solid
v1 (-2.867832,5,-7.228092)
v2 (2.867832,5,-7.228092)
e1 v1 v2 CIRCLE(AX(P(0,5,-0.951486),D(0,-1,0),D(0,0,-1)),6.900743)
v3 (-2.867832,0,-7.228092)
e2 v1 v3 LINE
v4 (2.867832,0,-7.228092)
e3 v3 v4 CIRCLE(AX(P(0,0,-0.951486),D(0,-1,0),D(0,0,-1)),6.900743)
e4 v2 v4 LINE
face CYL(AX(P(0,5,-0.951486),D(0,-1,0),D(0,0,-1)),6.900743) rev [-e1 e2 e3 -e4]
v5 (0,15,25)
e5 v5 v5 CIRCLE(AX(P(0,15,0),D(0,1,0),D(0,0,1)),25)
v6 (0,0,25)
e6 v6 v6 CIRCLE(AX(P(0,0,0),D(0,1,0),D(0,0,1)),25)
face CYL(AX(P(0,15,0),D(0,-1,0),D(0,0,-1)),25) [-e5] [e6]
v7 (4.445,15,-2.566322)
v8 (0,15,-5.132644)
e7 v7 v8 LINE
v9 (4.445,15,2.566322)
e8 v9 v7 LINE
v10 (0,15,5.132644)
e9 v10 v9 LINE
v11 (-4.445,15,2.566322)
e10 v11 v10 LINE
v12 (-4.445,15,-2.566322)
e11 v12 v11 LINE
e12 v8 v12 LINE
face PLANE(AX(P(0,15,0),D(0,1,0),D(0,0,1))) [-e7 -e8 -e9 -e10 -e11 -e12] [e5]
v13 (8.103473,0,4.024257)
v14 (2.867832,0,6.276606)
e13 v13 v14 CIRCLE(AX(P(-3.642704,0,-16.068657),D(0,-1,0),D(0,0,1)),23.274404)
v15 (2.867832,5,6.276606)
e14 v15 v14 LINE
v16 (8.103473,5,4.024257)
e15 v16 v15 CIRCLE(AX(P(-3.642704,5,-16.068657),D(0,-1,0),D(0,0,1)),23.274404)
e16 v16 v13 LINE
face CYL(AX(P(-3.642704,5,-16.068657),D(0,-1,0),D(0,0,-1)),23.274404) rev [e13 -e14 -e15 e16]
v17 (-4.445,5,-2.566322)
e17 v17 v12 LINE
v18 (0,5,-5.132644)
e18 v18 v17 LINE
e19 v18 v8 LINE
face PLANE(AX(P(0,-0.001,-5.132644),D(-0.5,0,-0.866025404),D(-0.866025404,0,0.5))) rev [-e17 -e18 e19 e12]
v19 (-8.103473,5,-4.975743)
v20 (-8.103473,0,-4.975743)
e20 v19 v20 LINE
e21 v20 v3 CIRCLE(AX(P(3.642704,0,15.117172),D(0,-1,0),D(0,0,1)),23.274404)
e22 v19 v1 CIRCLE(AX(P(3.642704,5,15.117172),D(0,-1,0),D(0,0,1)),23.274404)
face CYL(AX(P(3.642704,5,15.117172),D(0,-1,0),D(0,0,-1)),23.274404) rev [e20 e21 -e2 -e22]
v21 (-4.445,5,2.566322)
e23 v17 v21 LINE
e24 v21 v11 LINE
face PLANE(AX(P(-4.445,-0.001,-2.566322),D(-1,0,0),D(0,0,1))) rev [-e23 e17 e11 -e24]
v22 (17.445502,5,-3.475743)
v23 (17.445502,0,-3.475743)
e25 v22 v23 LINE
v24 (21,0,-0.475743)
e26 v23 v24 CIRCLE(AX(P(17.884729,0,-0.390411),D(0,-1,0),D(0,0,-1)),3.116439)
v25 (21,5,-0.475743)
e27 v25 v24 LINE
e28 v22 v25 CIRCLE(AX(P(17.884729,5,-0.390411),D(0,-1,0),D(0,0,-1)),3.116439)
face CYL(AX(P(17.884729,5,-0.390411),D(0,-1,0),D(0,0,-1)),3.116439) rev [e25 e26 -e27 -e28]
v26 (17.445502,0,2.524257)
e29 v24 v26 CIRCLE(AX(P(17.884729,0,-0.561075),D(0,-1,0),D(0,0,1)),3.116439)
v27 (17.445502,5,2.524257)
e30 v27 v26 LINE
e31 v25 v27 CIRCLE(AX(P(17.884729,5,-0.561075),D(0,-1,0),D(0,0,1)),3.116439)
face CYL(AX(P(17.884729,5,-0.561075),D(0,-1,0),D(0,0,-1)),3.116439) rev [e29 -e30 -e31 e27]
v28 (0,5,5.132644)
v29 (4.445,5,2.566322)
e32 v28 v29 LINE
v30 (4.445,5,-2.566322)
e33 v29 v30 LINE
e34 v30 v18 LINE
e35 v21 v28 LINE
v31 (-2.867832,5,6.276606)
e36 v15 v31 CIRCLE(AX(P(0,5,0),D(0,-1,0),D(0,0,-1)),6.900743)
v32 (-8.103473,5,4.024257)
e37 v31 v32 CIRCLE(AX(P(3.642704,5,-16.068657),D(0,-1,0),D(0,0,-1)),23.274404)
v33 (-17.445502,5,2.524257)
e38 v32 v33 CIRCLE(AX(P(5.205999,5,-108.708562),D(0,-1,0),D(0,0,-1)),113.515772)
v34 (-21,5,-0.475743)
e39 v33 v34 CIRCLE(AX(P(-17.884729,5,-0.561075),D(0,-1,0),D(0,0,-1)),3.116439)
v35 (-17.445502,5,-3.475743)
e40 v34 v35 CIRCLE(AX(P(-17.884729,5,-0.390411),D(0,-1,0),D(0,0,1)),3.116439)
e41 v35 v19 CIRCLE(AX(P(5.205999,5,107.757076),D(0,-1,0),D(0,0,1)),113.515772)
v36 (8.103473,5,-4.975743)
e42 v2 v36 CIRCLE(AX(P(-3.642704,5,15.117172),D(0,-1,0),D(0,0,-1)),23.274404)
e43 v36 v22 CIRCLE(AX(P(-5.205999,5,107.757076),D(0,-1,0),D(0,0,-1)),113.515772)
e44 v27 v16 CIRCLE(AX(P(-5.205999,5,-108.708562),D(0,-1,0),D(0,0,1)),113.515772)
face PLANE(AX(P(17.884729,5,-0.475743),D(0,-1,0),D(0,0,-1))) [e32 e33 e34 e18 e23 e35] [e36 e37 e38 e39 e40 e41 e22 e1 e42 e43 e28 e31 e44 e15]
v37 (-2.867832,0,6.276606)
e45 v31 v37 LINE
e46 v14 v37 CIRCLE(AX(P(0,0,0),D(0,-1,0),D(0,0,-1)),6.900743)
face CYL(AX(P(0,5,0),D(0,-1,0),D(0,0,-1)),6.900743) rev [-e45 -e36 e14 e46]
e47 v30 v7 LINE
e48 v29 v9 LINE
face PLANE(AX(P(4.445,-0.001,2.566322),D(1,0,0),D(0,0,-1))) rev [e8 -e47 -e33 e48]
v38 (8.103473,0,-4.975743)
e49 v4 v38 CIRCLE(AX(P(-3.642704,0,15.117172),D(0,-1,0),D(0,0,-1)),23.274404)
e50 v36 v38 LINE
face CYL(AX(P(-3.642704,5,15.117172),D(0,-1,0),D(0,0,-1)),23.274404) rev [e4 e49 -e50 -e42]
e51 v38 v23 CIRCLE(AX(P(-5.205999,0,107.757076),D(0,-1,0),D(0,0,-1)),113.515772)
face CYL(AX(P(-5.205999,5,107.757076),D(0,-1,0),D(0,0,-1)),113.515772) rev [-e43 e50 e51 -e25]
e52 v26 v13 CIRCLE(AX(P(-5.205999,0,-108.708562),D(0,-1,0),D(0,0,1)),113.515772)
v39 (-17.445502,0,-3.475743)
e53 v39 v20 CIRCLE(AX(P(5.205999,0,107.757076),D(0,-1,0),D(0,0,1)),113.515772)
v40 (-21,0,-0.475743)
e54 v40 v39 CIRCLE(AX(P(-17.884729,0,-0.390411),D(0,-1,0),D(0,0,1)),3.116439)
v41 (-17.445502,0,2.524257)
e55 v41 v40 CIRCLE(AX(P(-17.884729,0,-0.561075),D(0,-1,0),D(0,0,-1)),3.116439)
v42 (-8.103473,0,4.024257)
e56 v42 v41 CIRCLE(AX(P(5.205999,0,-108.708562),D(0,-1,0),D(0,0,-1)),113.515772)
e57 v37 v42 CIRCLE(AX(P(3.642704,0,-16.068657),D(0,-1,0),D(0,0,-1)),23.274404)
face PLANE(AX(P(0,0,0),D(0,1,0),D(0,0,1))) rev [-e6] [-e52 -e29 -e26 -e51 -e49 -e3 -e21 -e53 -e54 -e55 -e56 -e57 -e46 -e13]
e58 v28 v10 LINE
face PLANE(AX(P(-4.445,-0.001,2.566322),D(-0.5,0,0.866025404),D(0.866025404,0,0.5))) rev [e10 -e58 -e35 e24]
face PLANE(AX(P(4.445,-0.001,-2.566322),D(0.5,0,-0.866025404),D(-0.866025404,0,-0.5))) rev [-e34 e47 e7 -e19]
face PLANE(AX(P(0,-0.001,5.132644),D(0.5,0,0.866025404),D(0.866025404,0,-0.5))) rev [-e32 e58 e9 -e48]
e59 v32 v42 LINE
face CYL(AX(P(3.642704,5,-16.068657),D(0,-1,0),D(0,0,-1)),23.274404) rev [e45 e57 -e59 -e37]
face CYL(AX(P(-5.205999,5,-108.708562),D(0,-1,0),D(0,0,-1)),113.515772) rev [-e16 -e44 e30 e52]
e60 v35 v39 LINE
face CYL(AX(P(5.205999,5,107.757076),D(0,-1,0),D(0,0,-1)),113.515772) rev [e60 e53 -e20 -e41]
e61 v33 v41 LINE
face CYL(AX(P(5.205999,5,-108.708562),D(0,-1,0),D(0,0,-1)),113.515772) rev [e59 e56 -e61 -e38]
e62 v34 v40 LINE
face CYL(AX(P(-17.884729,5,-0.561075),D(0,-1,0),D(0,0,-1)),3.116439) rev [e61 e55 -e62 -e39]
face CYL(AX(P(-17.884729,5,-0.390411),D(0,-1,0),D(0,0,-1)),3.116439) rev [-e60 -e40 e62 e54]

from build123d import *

# Parameters (mm, degrees)
SKETCH1_R           = 25
BOSS_EXTRUDE1_DEPTH = 15
CUT_EXTRUDE2_REACH  = 40.406
CUT_EXTRUDE3_DEPTH  = 5


with BuildPart() as part:
    # Sketch1 → Boss-Extrude1 (new body)
    with BuildSketch(Plane(origin=(0, 0, 0), x_dir=(1, 0, 0), z_dir=(0, 1, 0))):
        with Locations(Location((0, 0, 0), (0, 0, 270))):
            Circle(SKETCH1_R)
    extrude(amount=BOSS_EXTRUDE1_DEPTH)

    # Sketch7 → Cut-Extrude2 (cut, up to next)
    with BuildSketch(Plane(origin=(0, 15, 0), x_dir=(1, 0, 0), z_dir=(0, 1, 0)), mode=Mode.PRIVATE) as cut_extrude2_sk1:
        Polygon((0, 5.132643893), (-4.445, 2.566321947), (-4.445, -2.566321947), (0, -5.132643893), (4.445, -2.566321947), (4.445, 2.566321947), align=None)
    cut_extrude2_tool1 = extrude(cut_extrude2_sk1.sketch, amount=-CUT_EXTRUDE2_REACH, mode=Mode.PRIVATE) & part.part
    add(cut_extrude2_tool1.solids().sort_by_distance((0, 15, 0))[0], mode=Mode.SUBTRACT)

    # Sketch8 → Cut-Extrude3 (cut)
    with BuildSketch(Plane.XZ):
        with BuildLine():
            ThreePointArc((2.867832451, 6.276606431), (5.55485913, 5.311303559), (8.103473198, 4.024257195))
            ThreePointArc((8.103473198, 4.024257195), (12.790122891, 3.37163327), (17.445502266, 2.524257195))
            ThreePointArc((17.445502266, 2.524257195), (19.894779582, 1.820498395), (21, -0.475742805))
            ThreePointArc((21, -0.475742805), (19.894779582, -2.771984005), (17.445502266, -3.475742805))
            ThreePointArc((17.445502266, -3.475742805), (12.790122891, -4.32311888), (8.103473198, -4.975742805))
            ThreePointArc((8.103473198, -4.975742805), (5.55485913, -6.262789168), (2.867832451, -7.22809204))
            ThreePointArc((2.867832451, -7.22809204), (0, -7.852228414), (-2.867832451, -7.22809204))
            ThreePointArc((-2.867832451, -7.22809204), (-5.55485913, -6.262789168), (-8.103473198, -4.975742805))
            ThreePointArc((-8.103473198, -4.975742805), (-12.790122891, -4.32311888), (-17.445502266, -3.475742805))
            ThreePointArc((-17.445502266, -3.475742805), (-19.894779582, -2.771984005), (-21, -0.475742805))
            ThreePointArc((-21, -0.475742805), (-19.894779582, 1.820498395), (-17.445502266, 2.524257195))
            ThreePointArc((-17.445502266, 2.524257195), (-12.790122891, 3.37163327), (-8.103473198, 4.024257195))
            ThreePointArc((-8.103473198, 4.024257195), (-5.55485913, 5.311303559), (-2.867832451, 6.276606431))
            ThreePointArc((-2.867832451, 6.276606431), (0, 6.900742805), (2.867832451, 6.276606431))
        make_face()
    extrude(amount=-CUT_EXTRUDE3_DEPTH, mode=Mode.SUBTRACT)


solid = part.part
